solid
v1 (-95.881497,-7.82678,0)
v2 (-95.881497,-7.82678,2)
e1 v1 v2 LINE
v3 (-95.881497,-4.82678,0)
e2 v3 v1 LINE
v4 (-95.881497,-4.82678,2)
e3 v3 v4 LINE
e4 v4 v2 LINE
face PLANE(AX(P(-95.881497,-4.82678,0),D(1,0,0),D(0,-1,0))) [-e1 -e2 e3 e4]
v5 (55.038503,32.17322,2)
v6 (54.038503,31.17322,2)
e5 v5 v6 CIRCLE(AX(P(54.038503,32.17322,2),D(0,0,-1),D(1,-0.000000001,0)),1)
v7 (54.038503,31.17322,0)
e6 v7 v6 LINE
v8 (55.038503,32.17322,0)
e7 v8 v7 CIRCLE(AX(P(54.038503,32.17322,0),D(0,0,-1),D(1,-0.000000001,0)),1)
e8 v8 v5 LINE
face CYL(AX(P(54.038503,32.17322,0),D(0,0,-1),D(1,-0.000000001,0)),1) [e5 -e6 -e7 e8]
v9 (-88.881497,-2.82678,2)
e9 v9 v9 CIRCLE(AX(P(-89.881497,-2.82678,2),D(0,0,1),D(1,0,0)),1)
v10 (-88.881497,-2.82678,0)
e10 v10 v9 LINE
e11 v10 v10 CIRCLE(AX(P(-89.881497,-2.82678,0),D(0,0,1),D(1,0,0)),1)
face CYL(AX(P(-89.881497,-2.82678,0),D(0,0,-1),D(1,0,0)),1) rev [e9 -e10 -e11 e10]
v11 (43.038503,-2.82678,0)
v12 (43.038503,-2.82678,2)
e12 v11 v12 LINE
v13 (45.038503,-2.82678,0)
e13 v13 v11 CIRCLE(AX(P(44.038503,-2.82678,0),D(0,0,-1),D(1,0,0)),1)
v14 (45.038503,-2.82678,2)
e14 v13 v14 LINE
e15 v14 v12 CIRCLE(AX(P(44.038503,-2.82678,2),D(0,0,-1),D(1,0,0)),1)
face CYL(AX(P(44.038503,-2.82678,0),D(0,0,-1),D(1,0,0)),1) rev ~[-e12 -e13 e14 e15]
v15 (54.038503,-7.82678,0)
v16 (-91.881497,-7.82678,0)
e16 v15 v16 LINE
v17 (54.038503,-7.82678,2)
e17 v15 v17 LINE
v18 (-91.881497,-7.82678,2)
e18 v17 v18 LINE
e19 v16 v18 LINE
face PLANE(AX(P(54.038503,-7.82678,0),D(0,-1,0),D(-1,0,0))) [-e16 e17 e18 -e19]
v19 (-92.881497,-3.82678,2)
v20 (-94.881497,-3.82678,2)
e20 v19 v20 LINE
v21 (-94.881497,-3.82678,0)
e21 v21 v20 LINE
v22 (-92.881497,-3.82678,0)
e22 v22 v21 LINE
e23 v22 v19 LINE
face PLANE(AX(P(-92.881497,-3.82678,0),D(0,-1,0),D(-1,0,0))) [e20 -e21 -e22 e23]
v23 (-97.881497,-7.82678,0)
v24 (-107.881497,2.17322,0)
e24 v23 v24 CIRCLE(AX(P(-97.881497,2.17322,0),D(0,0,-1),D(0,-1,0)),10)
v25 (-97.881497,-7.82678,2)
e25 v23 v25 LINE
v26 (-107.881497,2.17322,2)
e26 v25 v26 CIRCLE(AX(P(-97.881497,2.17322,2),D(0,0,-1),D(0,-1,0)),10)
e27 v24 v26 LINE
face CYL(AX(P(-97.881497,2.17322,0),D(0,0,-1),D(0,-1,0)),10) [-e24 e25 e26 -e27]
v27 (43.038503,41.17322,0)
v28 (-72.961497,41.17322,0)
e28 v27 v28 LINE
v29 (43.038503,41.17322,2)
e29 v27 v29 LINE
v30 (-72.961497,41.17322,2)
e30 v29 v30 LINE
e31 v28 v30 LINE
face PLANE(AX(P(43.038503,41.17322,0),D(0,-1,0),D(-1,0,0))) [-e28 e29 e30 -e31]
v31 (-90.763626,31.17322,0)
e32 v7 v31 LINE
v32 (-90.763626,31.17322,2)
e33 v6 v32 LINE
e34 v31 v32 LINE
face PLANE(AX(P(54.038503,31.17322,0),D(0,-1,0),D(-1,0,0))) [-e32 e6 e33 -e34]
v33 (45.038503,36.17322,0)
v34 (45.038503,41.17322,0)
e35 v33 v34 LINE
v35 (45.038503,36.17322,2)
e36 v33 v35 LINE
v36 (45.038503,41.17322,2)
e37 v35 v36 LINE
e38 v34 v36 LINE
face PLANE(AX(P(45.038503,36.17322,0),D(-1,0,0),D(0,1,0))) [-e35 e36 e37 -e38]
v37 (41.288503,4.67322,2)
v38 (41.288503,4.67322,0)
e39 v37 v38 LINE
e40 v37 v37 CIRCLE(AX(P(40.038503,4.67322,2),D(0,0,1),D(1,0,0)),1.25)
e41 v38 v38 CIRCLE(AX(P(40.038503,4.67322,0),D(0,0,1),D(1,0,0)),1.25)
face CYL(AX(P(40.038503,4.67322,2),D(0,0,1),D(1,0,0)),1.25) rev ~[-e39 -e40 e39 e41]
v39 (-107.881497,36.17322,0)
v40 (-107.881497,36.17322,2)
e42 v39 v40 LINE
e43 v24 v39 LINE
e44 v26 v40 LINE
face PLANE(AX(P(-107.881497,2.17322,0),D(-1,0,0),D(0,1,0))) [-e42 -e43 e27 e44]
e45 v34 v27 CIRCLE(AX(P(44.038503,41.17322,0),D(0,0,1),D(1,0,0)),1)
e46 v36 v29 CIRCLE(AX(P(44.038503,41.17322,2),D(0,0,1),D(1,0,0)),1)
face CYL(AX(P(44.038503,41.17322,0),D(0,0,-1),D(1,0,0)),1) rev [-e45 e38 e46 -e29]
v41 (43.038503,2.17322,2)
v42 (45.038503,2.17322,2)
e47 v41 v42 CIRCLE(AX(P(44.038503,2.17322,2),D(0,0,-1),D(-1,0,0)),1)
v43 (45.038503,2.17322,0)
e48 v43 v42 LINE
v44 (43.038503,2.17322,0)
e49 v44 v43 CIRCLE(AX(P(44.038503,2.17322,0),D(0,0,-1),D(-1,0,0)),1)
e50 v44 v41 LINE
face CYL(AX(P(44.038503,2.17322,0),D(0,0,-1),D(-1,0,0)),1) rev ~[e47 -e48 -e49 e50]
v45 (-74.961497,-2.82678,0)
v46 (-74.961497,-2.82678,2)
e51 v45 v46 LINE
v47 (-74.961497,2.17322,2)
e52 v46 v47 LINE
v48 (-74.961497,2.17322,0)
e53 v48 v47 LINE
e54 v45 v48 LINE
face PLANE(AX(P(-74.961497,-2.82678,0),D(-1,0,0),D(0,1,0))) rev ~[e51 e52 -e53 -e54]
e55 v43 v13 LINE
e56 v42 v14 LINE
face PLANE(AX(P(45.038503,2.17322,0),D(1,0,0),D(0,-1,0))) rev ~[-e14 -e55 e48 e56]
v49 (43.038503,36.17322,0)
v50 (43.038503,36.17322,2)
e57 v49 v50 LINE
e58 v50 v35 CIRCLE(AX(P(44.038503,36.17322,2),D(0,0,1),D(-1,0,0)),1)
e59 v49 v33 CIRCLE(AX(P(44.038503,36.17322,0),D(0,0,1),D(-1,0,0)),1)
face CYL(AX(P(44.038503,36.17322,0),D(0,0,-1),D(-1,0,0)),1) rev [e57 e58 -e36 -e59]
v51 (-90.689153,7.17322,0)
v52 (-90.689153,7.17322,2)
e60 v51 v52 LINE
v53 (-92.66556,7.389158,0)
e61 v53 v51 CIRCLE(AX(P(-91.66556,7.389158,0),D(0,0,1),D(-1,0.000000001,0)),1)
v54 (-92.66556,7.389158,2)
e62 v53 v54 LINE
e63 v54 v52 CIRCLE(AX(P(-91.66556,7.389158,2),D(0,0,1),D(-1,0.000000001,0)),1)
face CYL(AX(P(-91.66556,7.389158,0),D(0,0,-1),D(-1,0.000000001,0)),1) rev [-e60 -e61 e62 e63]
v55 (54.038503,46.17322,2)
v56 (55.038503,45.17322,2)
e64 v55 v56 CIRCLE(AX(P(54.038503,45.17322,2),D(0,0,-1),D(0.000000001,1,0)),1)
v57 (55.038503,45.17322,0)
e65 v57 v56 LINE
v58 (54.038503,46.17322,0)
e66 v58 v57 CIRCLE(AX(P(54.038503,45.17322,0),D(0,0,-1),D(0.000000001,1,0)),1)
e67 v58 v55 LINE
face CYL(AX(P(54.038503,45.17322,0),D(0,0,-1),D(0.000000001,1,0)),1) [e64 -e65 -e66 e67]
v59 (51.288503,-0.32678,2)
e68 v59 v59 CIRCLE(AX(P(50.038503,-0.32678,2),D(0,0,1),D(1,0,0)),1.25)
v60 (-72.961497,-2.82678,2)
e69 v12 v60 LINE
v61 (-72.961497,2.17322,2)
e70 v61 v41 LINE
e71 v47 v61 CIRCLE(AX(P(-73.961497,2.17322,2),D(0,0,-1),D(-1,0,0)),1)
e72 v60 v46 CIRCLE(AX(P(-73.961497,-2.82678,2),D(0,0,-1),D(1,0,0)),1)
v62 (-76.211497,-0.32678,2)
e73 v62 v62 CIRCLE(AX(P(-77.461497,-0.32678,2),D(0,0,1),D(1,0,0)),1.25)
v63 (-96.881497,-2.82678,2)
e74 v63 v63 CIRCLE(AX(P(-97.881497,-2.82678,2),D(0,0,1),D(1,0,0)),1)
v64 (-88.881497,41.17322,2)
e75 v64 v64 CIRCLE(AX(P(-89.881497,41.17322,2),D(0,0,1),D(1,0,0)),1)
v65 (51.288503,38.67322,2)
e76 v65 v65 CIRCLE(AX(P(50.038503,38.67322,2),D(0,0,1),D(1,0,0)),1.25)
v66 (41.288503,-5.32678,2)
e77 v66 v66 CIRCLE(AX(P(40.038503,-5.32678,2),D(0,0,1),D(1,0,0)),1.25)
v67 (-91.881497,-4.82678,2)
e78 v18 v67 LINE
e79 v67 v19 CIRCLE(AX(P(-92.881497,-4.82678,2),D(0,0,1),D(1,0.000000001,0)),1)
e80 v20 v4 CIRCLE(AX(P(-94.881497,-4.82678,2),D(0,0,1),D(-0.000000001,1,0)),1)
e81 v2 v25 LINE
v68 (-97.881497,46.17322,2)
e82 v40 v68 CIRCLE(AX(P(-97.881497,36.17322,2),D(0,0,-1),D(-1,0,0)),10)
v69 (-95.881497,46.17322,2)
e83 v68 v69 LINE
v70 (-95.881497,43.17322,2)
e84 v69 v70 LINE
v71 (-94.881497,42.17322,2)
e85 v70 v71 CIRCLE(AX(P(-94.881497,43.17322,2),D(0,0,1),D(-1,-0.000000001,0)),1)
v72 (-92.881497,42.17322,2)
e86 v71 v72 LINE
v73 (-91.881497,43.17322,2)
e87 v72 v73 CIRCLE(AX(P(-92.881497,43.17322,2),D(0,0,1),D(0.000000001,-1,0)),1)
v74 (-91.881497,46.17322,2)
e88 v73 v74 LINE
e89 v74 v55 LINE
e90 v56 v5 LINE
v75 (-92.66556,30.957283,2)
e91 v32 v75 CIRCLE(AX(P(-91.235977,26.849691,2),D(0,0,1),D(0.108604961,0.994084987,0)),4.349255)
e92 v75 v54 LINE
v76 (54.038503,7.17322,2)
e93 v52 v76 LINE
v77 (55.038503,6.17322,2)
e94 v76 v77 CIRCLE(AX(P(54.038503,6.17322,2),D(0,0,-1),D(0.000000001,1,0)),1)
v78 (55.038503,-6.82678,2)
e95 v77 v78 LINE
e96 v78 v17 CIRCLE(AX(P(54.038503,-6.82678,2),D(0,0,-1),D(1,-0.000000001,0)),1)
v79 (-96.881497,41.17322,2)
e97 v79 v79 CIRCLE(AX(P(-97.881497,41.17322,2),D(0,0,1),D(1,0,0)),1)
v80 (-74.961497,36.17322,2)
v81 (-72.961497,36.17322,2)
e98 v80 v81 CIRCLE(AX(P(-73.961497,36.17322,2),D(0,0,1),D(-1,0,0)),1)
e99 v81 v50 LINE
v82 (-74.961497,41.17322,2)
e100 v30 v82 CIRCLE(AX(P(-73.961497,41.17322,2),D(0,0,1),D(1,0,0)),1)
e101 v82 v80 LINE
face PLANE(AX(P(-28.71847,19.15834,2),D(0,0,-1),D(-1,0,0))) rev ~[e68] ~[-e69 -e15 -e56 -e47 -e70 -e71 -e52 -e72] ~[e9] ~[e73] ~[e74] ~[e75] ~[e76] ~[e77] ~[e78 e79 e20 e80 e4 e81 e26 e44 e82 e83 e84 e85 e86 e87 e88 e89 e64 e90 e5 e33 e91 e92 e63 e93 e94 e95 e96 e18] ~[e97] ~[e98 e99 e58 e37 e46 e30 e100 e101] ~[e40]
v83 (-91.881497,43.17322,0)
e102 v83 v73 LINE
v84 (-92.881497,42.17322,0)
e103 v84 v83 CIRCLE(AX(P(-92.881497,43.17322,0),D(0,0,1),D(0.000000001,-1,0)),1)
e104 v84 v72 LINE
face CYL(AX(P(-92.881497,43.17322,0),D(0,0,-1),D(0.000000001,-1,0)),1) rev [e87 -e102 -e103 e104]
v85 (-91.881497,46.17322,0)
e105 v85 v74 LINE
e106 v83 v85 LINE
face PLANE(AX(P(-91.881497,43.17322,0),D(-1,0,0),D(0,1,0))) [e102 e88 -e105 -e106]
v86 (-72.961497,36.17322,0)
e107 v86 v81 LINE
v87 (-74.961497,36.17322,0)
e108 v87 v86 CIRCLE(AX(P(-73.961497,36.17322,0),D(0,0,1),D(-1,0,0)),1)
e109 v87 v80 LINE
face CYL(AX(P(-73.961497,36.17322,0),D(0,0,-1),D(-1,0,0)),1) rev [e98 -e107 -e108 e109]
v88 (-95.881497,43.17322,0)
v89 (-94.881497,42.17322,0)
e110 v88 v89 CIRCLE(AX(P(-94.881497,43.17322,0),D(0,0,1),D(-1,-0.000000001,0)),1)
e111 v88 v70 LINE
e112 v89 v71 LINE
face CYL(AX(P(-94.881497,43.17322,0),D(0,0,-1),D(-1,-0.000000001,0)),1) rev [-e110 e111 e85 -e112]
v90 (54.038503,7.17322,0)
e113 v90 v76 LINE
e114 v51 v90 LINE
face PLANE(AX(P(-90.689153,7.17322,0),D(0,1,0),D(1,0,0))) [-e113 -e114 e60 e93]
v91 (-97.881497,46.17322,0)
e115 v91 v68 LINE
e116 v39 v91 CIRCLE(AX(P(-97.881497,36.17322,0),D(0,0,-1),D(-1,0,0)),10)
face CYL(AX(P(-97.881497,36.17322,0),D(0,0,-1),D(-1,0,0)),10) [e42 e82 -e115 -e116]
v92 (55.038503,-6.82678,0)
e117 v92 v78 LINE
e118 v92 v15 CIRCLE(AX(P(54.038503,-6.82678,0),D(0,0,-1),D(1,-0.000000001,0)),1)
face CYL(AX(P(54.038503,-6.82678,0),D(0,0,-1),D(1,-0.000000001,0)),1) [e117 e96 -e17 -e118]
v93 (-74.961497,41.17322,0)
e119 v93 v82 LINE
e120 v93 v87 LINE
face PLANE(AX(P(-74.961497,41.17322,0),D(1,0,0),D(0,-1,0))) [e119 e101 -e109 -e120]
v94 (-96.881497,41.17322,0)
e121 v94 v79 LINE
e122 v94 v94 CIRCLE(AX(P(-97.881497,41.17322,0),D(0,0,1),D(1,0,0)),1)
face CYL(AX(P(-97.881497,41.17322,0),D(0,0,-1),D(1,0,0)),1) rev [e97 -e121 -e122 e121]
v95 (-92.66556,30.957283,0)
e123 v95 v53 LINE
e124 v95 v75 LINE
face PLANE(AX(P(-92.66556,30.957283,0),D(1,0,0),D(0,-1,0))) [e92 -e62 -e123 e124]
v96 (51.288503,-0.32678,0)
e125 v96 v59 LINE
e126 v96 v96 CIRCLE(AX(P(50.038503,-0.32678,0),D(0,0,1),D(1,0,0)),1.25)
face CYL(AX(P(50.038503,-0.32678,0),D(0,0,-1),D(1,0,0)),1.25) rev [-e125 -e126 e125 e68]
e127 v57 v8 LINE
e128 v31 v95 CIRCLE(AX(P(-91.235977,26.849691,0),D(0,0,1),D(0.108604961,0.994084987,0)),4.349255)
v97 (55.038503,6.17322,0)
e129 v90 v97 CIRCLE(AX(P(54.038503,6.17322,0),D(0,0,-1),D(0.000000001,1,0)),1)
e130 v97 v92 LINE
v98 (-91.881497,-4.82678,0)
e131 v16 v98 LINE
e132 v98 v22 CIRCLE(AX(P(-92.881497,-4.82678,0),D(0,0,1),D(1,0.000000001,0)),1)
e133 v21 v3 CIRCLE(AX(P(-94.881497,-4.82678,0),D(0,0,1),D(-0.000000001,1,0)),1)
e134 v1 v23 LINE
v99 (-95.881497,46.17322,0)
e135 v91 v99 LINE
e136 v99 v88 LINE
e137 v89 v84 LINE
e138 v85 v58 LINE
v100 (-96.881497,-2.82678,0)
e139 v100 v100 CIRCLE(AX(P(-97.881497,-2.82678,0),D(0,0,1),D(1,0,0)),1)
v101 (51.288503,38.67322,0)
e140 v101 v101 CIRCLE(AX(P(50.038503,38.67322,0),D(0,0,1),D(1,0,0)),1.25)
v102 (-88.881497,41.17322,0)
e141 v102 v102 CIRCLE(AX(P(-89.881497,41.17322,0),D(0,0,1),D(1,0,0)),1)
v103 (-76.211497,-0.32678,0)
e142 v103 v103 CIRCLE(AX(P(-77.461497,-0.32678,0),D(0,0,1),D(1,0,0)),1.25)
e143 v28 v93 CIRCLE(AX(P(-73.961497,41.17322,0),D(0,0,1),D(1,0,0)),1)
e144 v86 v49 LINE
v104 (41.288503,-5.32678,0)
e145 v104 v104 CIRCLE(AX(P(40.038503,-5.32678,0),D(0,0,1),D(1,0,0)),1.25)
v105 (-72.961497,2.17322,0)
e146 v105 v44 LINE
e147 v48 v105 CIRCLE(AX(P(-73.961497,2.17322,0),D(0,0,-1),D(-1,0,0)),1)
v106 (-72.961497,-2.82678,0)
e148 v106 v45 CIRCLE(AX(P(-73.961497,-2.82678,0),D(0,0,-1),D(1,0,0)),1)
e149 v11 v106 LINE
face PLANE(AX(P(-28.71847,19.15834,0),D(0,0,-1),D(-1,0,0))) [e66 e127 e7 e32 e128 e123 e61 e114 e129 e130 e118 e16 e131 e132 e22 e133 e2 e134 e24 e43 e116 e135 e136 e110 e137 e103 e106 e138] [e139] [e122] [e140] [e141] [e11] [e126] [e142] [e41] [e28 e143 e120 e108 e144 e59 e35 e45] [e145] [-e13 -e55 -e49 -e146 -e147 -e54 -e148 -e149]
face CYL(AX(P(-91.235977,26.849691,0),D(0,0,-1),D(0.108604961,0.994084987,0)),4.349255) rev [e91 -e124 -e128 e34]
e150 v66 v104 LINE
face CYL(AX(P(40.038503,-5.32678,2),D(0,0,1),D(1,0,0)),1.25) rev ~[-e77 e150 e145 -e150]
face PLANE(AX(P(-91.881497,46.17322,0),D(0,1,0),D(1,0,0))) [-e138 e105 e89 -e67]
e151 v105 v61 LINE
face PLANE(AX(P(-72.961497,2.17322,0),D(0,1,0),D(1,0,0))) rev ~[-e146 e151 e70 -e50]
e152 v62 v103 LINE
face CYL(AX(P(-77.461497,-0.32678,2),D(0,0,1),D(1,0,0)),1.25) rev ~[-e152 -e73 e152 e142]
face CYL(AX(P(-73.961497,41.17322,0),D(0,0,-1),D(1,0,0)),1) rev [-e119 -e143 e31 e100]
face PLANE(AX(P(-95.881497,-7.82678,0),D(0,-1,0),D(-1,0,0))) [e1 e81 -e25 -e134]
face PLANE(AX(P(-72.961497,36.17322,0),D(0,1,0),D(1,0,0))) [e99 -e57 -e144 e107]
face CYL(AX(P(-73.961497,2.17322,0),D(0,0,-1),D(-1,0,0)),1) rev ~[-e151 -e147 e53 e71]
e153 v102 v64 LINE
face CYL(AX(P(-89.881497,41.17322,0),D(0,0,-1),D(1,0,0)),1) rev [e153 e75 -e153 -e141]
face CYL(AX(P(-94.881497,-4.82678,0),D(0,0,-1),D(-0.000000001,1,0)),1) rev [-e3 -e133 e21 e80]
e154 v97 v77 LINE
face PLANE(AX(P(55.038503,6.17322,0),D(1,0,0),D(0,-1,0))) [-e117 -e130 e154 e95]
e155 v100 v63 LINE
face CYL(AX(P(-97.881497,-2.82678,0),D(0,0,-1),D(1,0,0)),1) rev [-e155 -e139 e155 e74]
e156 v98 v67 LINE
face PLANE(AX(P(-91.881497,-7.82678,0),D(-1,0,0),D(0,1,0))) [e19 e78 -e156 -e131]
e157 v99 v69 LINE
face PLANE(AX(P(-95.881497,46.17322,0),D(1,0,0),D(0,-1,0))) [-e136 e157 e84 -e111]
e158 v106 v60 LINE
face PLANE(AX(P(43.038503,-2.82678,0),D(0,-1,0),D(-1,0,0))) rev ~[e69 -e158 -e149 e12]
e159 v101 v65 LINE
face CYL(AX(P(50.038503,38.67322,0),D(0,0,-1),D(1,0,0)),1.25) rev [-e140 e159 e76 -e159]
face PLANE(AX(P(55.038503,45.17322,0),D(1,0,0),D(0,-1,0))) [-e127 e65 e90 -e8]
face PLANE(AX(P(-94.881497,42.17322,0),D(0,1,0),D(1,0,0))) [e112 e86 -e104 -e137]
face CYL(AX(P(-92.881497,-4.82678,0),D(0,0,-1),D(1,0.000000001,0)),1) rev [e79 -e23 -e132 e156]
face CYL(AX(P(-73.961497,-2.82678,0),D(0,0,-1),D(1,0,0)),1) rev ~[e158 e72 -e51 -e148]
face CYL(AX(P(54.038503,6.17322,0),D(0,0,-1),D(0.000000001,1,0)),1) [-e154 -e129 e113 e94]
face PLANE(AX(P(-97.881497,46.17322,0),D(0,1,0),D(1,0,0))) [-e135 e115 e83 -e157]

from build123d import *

# Parameters (mm, degrees)
SKETCH_1_R          = 1
SKETCH_1_R_2        = 1.25
EXTRUDE_2_DEPTH     = 2
SKETCH_2_R          = 1.25
CUT_EXTRUDE_1_DEPTH = 10


with BuildPart() as part:
    # 草圖1 → 填料-伸長2 (new body)
    with BuildSketch(Plane.XY):
        with BuildLine():
            Line((55.038502783, 45.173220339), (55.038502783, 32.173220339))
            ThreePointArc((55.038502783, 32.173220339), (54.745609564, 31.466113558), (54.038502783, 31.173220339))
            Line((54.038502783, 31.173220339), (-90.763626261, 31.173220339))
            ThreePointArc((-90.763626261, 31.173220339), (-91.726620083, 31.171182694), (-92.665560041, 30.957283163))
            Line((-92.665560041, 30.957283163), (-92.665560041, 7.389157515))
            ThreePointArc((-92.665560041, 7.389157515), (-91.774171138, 6.395073197), (-90.689152782, 7.173220339))
            Line((-90.689152782, 7.173220339), (54.038502783, 7.173220339))
            ThreePointArc((54.038502783, 7.173220339), (54.745609564, 6.88032712), (55.038502783, 6.173220339))
            Line((55.038502783, 6.173220339), (55.038502783, -6.826779661))
            ThreePointArc((55.038502783, -6.826779661), (54.745609564, -7.533886442), (54.038502783, -7.826779661))
            Line((54.038502783, -7.826779661), (-91.881497217, -7.826779661))
            Line((-91.881497217, -7.826779661), (-91.881497217, -4.826779661))
            ThreePointArc((-91.881497217, -4.826779661), (-92.174390436, -4.11967288), (-92.881497217, -3.826779661))
            Line((-92.881497217, -3.826779661), (-94.881497217, -3.826779661))
            ThreePointArc((-94.881497217, -3.826779661), (-95.588603998, -4.11967288), (-95.881497217, -4.826779661))
            Line((-95.881497217, -4.826779661), (-95.881497217, -7.826779661))
            Line((-95.881497217, -7.826779661), (-97.881497217, -7.826779661))
            ThreePointArc((-97.881497217, -7.826779661), (-104.952565029, -4.897847473), (-107.881497217, 2.173220339))
            Line((-107.881497217, 2.173220339), (-107.881497217, 36.173220339))
            ThreePointArc((-107.881497217, 36.173220339), (-104.952565029, 43.244288151), (-97.881497217, 46.173220339))
            Line((-97.881497217, 46.173220339), (-95.881497217, 46.173220339))
            Line((-95.881497217, 46.173220339), (-95.881497217, 43.173220339))
            ThreePointArc((-95.881497217, 43.173220339), (-95.588603998, 42.466113558), (-94.881497217, 42.173220339))
            Line((-94.881497217, 42.173220339), (-92.881497217, 42.173220339))
            ThreePointArc((-92.881497217, 42.173220339), (-92.174390436, 42.466113558), (-91.881497217, 43.173220339))
            Line((-91.881497217, 43.173220339), (-91.881497217, 46.173220339))
            Line((-91.881497217, 46.173220339), (54.038502783, 46.173220339))
            ThreePointArc((54.038502783, 46.173220339), (54.745609564, 45.88032712), (55.038502783, 45.173220339))
        make_face()
        with Locations((-97.881497217, 41.173220339)):
            Circle(SKETCH_1_R, mode=Mode.SUBTRACT)
        with Locations((-89.881497217, 41.173220339)):
            Circle(SKETCH_1_R, mode=Mode.SUBTRACT)
        with Locations((-89.881497217, -2.826779661)):
            Circle(SKETCH_1_R, mode=Mode.SUBTRACT)
        with Locations((-97.881497217, -2.826779661)):
            Circle(SKETCH_1_R, mode=Mode.SUBTRACT)
        with Locations((50.038502783, 38.673220339)):
            Circle(SKETCH_1_R_2, mode=Mode.SUBTRACT)
        with Locations((50.038502783, -0.326779661)):
            Circle(SKETCH_1_R_2, mode=Mode.SUBTRACT)
        with BuildLine():
            Line((-74.961497217, -2.826779661), (-74.961497217, 2.173220339))
            ThreePointArc((-74.961497217, 2.173220339), (-73.961497217, 3.173220339), (-72.961497217, 2.173220339))
            Line((-72.961497217, 2.173220339), (43.038502783, 2.173220339))
            ThreePointArc((43.038502783, 2.173220339), (44.038502783, 3.173220339), (45.038502783, 2.173220339))
            Line((45.038502783, 2.173220339), (45.038502783, -2.826779661))
            ThreePointArc((45.038502783, -2.826779661), (44.038502783, -3.826779661), (43.038502783, -2.826779661))
            Line((43.038502783, -2.826779661), (-72.961497217, -2.826779661))
            ThreePointArc((-72.961497217, -2.826779661), (-73.961497217, -3.826779661), (-74.961497217, -2.826779661))
        make_face(mode=Mode.SUBTRACT)
        with BuildLine():
            Line((43.038502783, 41.173220339), (-72.961497217, 41.173220339))
            ThreePointArc((-72.961497217, 41.173220339), (-73.961497217, 42.173220339), (-74.961497217, 41.173220339))
            Line((-74.961497217, 41.173220339), (-74.961497217, 36.173220339))
            ThreePointArc((-74.961497217, 36.173220339), (-73.961497217, 35.173220339), (-72.961497217, 36.173220339))
            Line((-72.961497217, 36.173220339), (43.038502783, 36.173220339))
            ThreePointArc((43.038502783, 36.173220339), (44.038502783, 35.173220339), (45.038502783, 36.173220339))
            Line((45.038502783, 36.173220339), (45.038502783, 41.173220339))
            ThreePointArc((45.038502783, 41.173220339), (44.038502783, 42.173220339), (43.038502783, 41.173220339))
        make_face(mode=Mode.SUBTRACT)
    extrude(amount=EXTRUDE_2_DEPTH)

    # 草圖2 → 除料-伸長1 (cut)
    with BuildSketch(Plane.XY.offset(2)):
        with Locations((-77.461497217, -0.326779661)):
            Circle(SKETCH_2_R)
        with Locations((40.038502783, 4.673220339)):
            Circle(SKETCH_2_R)
        with Locations((40.038502783, -5.326779661)):
            Circle(SKETCH_2_R)
    extrude(amount=-CUT_EXTRUDE_1_DEPTH, mode=Mode.SUBTRACT)


solid = part.part
